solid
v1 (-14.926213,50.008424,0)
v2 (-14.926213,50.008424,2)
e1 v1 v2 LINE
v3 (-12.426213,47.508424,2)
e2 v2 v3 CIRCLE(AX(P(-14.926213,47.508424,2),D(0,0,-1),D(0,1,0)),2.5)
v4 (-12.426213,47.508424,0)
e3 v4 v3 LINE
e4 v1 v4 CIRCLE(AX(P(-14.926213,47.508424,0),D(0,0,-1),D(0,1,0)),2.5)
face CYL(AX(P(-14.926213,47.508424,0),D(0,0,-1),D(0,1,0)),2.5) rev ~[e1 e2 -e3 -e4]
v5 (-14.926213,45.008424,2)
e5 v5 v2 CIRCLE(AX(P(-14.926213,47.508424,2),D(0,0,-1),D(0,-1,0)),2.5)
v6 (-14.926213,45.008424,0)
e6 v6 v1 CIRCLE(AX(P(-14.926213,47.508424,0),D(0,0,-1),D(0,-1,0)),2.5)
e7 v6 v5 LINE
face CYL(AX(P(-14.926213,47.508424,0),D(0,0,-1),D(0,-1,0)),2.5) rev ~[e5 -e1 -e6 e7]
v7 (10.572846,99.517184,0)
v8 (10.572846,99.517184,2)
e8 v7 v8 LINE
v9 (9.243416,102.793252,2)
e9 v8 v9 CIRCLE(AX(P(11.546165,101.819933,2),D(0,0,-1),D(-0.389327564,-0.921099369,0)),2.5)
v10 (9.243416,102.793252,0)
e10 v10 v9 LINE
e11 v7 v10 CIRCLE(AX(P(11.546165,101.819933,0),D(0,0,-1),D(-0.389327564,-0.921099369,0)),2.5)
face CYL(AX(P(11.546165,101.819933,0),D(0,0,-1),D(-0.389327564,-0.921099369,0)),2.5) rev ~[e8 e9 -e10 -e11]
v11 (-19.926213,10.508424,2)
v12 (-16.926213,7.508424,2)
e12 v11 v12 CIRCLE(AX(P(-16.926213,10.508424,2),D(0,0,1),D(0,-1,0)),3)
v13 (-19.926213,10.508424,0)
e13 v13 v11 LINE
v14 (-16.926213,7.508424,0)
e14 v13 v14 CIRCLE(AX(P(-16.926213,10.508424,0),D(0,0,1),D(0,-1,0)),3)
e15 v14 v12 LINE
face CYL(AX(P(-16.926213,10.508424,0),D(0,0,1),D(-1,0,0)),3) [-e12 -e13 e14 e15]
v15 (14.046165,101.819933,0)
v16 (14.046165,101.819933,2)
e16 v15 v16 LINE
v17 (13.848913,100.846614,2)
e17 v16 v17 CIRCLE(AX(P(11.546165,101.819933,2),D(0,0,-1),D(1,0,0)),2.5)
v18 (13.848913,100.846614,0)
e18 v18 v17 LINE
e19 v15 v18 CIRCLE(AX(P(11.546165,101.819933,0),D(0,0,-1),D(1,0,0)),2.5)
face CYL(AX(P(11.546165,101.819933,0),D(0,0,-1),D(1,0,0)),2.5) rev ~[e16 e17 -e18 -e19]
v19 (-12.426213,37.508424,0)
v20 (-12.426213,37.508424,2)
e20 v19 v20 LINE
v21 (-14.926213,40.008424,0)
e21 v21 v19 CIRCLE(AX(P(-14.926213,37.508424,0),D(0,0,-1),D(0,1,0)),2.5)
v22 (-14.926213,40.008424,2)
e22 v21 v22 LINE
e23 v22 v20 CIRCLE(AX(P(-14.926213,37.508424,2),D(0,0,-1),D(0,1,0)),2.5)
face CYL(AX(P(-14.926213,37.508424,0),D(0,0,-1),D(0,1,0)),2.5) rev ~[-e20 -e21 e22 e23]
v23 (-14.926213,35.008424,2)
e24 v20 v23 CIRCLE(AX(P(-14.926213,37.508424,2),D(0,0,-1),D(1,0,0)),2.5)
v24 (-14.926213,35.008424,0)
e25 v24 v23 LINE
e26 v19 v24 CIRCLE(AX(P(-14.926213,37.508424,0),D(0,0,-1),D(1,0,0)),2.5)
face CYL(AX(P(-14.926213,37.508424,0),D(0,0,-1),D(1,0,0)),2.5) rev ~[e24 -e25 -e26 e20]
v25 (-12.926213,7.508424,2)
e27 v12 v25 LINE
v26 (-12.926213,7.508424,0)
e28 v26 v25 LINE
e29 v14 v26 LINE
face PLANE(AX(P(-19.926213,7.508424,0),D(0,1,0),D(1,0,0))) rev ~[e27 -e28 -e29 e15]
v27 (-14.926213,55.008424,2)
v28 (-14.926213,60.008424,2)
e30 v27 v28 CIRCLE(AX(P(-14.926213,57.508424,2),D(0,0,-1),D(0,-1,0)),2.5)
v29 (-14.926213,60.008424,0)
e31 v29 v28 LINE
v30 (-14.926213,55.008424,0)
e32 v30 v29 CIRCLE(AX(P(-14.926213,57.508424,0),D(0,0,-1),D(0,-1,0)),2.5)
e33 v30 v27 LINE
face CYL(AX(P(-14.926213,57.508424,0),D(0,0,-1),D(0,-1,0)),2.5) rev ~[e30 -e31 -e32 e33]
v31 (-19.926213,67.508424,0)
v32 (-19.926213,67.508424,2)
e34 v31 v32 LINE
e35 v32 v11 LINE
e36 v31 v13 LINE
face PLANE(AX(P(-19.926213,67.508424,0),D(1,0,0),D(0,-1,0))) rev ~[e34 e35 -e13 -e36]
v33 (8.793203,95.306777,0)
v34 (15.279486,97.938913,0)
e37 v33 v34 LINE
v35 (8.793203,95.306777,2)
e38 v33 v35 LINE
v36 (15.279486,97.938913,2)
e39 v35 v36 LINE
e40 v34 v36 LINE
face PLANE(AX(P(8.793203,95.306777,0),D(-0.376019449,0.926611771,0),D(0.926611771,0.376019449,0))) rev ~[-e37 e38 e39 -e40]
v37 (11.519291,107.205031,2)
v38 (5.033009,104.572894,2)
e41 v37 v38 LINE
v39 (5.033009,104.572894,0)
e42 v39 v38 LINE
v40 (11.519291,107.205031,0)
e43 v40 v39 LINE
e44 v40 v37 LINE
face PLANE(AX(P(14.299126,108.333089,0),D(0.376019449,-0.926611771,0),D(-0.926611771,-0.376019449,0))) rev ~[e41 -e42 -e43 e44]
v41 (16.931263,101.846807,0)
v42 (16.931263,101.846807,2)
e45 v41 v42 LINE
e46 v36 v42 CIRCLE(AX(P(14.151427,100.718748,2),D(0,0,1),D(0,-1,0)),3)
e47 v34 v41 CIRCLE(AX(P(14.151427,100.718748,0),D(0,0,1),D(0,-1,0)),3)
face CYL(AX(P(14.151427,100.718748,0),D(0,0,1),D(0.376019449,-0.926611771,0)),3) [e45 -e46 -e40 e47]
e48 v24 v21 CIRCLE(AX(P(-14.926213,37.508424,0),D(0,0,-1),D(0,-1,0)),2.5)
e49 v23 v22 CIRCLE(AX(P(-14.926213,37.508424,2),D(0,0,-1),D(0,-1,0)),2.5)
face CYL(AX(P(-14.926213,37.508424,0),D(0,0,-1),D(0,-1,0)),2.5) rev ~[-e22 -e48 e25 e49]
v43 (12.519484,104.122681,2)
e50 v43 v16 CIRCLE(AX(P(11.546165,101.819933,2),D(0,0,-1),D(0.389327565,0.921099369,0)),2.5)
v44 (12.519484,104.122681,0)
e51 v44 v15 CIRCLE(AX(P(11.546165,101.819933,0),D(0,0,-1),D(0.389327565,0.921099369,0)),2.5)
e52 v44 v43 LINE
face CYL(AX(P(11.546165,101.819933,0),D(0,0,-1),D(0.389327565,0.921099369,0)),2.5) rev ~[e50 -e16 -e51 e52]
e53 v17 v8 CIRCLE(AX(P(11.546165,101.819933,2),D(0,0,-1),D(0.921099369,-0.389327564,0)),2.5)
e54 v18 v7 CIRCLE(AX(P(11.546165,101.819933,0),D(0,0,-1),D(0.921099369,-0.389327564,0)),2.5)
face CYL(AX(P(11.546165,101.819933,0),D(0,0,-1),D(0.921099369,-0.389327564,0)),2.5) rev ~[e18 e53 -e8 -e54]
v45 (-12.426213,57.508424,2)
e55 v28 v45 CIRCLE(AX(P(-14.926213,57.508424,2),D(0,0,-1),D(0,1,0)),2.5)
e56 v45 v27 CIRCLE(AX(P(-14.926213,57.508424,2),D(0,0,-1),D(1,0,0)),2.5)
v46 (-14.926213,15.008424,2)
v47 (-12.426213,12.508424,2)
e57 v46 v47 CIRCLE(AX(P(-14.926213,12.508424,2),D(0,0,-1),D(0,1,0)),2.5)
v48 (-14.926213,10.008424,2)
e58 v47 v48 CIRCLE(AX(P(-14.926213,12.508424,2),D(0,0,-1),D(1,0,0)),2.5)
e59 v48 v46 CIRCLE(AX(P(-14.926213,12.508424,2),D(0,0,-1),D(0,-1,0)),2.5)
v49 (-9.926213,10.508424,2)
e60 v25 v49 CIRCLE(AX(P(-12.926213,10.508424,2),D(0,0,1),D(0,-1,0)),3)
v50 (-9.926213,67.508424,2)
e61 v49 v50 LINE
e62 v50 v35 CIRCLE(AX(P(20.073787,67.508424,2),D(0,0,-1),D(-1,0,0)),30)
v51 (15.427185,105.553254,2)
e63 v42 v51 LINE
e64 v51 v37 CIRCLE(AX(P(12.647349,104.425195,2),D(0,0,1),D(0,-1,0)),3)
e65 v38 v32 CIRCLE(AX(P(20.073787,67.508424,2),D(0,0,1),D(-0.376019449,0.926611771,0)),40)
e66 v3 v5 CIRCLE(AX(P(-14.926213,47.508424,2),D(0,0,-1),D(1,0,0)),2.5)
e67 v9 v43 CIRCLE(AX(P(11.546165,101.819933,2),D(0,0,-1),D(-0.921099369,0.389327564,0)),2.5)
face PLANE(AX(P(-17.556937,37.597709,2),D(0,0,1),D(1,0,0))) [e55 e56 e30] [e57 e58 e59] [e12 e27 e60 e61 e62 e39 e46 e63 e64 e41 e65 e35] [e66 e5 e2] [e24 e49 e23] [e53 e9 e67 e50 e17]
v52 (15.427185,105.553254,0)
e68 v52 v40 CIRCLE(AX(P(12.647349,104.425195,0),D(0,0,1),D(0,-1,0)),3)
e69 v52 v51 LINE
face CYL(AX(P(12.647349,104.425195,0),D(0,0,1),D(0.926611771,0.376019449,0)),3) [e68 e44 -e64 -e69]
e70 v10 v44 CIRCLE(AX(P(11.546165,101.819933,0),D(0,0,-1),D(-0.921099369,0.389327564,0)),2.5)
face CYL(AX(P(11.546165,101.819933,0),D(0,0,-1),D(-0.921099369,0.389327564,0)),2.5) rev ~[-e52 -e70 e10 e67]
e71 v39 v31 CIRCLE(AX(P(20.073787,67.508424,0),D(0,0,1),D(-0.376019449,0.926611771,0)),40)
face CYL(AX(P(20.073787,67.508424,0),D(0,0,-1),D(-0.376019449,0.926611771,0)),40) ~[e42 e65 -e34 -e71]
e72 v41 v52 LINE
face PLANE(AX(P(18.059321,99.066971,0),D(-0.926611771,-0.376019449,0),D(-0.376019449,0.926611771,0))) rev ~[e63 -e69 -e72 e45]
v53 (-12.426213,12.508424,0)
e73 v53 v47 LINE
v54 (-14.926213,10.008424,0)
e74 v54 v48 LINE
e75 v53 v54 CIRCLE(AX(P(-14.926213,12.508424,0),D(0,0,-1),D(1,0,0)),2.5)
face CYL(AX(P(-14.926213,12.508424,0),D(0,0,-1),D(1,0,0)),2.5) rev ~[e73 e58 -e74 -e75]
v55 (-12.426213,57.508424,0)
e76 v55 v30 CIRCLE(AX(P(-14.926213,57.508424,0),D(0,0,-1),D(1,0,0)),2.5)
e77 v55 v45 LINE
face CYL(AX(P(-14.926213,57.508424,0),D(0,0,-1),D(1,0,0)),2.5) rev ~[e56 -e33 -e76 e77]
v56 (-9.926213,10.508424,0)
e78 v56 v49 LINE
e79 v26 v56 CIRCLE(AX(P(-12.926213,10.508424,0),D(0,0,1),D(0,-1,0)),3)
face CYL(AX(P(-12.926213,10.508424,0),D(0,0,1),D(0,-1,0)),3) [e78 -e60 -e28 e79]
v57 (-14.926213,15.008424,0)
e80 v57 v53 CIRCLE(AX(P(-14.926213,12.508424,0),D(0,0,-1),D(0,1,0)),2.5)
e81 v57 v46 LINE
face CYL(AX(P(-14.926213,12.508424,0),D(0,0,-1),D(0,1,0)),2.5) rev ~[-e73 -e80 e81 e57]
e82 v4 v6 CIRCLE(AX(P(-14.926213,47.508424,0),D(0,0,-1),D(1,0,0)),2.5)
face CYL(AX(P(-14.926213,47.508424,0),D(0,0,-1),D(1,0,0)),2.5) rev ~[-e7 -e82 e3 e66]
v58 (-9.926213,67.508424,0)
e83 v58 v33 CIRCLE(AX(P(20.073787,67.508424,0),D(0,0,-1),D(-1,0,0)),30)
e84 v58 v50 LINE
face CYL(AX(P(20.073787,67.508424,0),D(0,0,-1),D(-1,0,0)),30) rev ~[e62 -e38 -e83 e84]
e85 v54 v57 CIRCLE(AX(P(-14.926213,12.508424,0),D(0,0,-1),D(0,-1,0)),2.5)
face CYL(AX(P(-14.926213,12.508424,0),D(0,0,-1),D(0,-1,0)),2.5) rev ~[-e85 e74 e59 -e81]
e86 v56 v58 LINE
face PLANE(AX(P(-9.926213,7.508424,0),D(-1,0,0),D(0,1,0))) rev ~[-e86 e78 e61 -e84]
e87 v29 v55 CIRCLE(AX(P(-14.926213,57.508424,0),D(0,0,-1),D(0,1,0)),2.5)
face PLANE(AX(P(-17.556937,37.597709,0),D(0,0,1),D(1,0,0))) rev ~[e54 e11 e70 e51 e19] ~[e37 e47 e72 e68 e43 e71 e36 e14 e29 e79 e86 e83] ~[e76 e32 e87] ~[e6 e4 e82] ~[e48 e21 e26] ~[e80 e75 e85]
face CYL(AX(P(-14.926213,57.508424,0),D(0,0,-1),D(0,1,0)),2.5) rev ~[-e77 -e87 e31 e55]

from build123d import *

# Parameters (mm, degrees)
F1_DEPTH = 2
F2_R     = 3


with BuildPart() as f1:
    # F0 (on Top) → F1 (new body)
    with BuildSketch(Plane.XY):
        with BuildLine():
            Line((-19.9262133054, 67.5084236264), (-19.9262133054, 7.5084236264))
            Line((-19.9262133054, 7.5084236264), (-14.9262133054, 7.5084236264))
            Line((-14.9262133054, 7.5084236264), (-14.9262133054, 10.0084236264))
            ThreePointArc((-14.9262133054, 10.0084236264), (-17.4262133054, 12.5084236264), (-14.9262133054, 15.0084236264))
            Line((-14.9262133054, 15.0084236264), (-14.9262133054, 35.0084236264))
            ThreePointArc((-14.9262133054, 35.0084236264), (-17.4262133054, 37.5084236264), (-14.9262133054, 40.0084236264))
            Line((-14.9262133054, 40.0084236264), (-14.9262133054, 45.0084236264))
            ThreePointArc((-14.9262133054, 45.0084236264), (-17.4262133054, 47.5084236264), (-14.9262133054, 50.0084236264))
            Line((-14.9262133054, 50.0084236264), (-14.9262133054, 55.0084236264))
            ThreePointArc((-14.9262133054, 55.0084236264), (-17.4262133054, 57.5084236264), (-14.9262133054, 60.0084236264))
            Line((-14.9262133054, 60.0084236264), (-14.9262133054, 67.5084236264))
            Line((-14.9262133054, 67.5084236264), (-19.9262133054, 67.5084236264))
        make_face()
        with BuildLine():
            Line((-14.9262133054, 10.0084236264), (-14.9262133054, 7.5084236264))
            Line((-14.9262133054, 7.5084236264), (-9.9262133054, 7.5084236264))
            Line((-9.9262133054, 7.5084236264), (-9.9262133054, 67.5084236264))
            Line((-9.9262133054, 67.5084236264), (-14.9262133054, 67.5084236264))
            Line((-14.9262133054, 67.5084236264), (-14.9262133054, 60.0084236264))
            ThreePointArc((-14.9262133054, 60.0084236264), (-13.1584463525, 59.2761905794), (-12.4262133054, 57.5084236264))
            ThreePointArc((-12.4262133054, 57.5084236264), (-13.1584463525, 55.7406566735), (-14.9262133054, 55.0084236264))
            Line((-14.9262133054, 55.0084236264), (-14.9262133054, 50.0084236264))
            ThreePointArc((-14.9262133054, 50.0084236264), (-13.1584463525, 49.2761905794), (-12.4262133054, 47.5084236264))
            ThreePointArc((-12.4262133054, 47.5084236264), (-13.1584463525, 45.7406566735), (-14.9262133054, 45.0084236264))
            Line((-14.9262133054, 45.0084236264), (-14.9262133054, 40.0084236264))
            ThreePointArc((-14.9262133054, 40.0084236264), (-13.1584463525, 39.2761905794), (-12.4262133054, 37.5084236264))
            ThreePointArc((-12.4262133054, 37.5084236264), (-13.1584463525, 35.7406566735), (-14.9262133054, 35.0084236264))
            Line((-14.9262133054, 35.0084236264), (-14.9262133054, 15.0084236264))
            ThreePointArc((-14.9262133054, 15.0084236264), (-13.1584463525, 14.2761905794), (-12.4262133054, 12.5084236264))
            ThreePointArc((-12.4262133054, 12.5084236264), (-13.1584463525, 10.7406566735), (-14.9262133054, 10.0084236264))
        make_face()
        with BuildLine():
            ThreePointArc((5.0330087342, 104.5728944624), (-13.1047539486, 89.8508595006), (-19.9262133054, 67.5084236264))
            Line((-19.9262133054, 67.5084236264), (-14.9262133054, 67.5084236264))
            ThreePointArc((-14.9262133054, 67.5084236264), (-8.9574363682, 87.0580550164), (6.9131059793, 99.9398356079))
            Line((6.9131059793, 99.9398356079), (5.0330087342, 104.5728944624))
        make_face()
        with BuildLine():
            ThreePointArc((6.9131059793, 99.9398356079), (-8.9574363682, 87.0580550164), (-14.9262133054, 67.5084236264))
            Line((-14.9262133054, 67.5084236264), (-9.9262133054, 67.5084236264))
            ThreePointArc((-9.9262133054, 67.5084236264), (-4.8101187878, 84.2652505321), (8.7932032243, 95.3067767534))
            Line((8.7932032243, 95.3067767534), (6.9131059793, 99.9398356079))
        make_face()
        with BuildLine():
            Line((9.2434164113, 102.7932517641), (5.0330087342, 104.5728944624))
            Line((5.0330087342, 104.5728944624), (6.9131059793, 99.9398356079))
            Line((6.9131059793, 99.9398356079), (8.7932032243, 95.3067767534))
            Line((8.7932032243, 95.3067767534), (10.5728459226, 99.5171844305))
            ThreePointArc((10.5728459226, 99.5171844305), (9.2296354065, 100.8798842304), (9.2434164113, 102.7932517641))
        make_face()
        with BuildLine():
            Line((10.5728459226, 99.5171844305), (8.7932032243, 95.3067767534))
            Line((8.7932032243, 95.3067767534), (18.0593209333, 99.0669712435))
            Line((18.0593209333, 99.0669712435), (13.8489132562, 100.8466139417))
            ThreePointArc((13.8489132562, 100.8466139417), (12.4862134563, 99.5034034257), (10.5728459226, 99.5171844305))
        make_face()
        with BuildLine():
            Line((18.0593209333, 99.0669712435), (14.2991264432, 108.3330889524))
            Line((14.2991264432, 108.3330889524), (12.519483745, 104.1226812754))
            ThreePointArc((12.519483745, 104.1226812754), (13.6298271478, 103.2013637636), (14.0461648338, 101.8199328529))
            ThreePointArc((14.0461648338, 101.8199328529), (13.9963557504, 101.3233802656), (13.8489132562, 100.8466139417))
            Line((13.8489132562, 100.8466139417), (18.0593209333, 99.0669712435))
        make_face()
        with BuildLine():
            Line((14.2991264432, 108.3330889524), (5.0330087342, 104.5728944624))
            Line((5.0330087342, 104.5728944624), (9.2434164113, 102.7932517641))
            ThreePointArc((9.2434164113, 102.7932517641), (10.6061162112, 104.1364622802), (12.519483745, 104.1226812754))
            Line((12.519483745, 104.1226812754), (14.2991264432, 108.3330889524))
        make_face()
    extrude(amount=F1_DEPTH)

    # F2
    f2_edges = [f1.edges().sort_by_distance(p)[0] for p in [
        (14.299126, 108.333089, 1),
        (18.059321, 99.066971, 1),
        (-9.926213, 7.508424, 1),
        (-19.926213, 7.508424, 1),
    ]]
    fillet(f2_edges, radius=F2_R)


solid = f1.part
